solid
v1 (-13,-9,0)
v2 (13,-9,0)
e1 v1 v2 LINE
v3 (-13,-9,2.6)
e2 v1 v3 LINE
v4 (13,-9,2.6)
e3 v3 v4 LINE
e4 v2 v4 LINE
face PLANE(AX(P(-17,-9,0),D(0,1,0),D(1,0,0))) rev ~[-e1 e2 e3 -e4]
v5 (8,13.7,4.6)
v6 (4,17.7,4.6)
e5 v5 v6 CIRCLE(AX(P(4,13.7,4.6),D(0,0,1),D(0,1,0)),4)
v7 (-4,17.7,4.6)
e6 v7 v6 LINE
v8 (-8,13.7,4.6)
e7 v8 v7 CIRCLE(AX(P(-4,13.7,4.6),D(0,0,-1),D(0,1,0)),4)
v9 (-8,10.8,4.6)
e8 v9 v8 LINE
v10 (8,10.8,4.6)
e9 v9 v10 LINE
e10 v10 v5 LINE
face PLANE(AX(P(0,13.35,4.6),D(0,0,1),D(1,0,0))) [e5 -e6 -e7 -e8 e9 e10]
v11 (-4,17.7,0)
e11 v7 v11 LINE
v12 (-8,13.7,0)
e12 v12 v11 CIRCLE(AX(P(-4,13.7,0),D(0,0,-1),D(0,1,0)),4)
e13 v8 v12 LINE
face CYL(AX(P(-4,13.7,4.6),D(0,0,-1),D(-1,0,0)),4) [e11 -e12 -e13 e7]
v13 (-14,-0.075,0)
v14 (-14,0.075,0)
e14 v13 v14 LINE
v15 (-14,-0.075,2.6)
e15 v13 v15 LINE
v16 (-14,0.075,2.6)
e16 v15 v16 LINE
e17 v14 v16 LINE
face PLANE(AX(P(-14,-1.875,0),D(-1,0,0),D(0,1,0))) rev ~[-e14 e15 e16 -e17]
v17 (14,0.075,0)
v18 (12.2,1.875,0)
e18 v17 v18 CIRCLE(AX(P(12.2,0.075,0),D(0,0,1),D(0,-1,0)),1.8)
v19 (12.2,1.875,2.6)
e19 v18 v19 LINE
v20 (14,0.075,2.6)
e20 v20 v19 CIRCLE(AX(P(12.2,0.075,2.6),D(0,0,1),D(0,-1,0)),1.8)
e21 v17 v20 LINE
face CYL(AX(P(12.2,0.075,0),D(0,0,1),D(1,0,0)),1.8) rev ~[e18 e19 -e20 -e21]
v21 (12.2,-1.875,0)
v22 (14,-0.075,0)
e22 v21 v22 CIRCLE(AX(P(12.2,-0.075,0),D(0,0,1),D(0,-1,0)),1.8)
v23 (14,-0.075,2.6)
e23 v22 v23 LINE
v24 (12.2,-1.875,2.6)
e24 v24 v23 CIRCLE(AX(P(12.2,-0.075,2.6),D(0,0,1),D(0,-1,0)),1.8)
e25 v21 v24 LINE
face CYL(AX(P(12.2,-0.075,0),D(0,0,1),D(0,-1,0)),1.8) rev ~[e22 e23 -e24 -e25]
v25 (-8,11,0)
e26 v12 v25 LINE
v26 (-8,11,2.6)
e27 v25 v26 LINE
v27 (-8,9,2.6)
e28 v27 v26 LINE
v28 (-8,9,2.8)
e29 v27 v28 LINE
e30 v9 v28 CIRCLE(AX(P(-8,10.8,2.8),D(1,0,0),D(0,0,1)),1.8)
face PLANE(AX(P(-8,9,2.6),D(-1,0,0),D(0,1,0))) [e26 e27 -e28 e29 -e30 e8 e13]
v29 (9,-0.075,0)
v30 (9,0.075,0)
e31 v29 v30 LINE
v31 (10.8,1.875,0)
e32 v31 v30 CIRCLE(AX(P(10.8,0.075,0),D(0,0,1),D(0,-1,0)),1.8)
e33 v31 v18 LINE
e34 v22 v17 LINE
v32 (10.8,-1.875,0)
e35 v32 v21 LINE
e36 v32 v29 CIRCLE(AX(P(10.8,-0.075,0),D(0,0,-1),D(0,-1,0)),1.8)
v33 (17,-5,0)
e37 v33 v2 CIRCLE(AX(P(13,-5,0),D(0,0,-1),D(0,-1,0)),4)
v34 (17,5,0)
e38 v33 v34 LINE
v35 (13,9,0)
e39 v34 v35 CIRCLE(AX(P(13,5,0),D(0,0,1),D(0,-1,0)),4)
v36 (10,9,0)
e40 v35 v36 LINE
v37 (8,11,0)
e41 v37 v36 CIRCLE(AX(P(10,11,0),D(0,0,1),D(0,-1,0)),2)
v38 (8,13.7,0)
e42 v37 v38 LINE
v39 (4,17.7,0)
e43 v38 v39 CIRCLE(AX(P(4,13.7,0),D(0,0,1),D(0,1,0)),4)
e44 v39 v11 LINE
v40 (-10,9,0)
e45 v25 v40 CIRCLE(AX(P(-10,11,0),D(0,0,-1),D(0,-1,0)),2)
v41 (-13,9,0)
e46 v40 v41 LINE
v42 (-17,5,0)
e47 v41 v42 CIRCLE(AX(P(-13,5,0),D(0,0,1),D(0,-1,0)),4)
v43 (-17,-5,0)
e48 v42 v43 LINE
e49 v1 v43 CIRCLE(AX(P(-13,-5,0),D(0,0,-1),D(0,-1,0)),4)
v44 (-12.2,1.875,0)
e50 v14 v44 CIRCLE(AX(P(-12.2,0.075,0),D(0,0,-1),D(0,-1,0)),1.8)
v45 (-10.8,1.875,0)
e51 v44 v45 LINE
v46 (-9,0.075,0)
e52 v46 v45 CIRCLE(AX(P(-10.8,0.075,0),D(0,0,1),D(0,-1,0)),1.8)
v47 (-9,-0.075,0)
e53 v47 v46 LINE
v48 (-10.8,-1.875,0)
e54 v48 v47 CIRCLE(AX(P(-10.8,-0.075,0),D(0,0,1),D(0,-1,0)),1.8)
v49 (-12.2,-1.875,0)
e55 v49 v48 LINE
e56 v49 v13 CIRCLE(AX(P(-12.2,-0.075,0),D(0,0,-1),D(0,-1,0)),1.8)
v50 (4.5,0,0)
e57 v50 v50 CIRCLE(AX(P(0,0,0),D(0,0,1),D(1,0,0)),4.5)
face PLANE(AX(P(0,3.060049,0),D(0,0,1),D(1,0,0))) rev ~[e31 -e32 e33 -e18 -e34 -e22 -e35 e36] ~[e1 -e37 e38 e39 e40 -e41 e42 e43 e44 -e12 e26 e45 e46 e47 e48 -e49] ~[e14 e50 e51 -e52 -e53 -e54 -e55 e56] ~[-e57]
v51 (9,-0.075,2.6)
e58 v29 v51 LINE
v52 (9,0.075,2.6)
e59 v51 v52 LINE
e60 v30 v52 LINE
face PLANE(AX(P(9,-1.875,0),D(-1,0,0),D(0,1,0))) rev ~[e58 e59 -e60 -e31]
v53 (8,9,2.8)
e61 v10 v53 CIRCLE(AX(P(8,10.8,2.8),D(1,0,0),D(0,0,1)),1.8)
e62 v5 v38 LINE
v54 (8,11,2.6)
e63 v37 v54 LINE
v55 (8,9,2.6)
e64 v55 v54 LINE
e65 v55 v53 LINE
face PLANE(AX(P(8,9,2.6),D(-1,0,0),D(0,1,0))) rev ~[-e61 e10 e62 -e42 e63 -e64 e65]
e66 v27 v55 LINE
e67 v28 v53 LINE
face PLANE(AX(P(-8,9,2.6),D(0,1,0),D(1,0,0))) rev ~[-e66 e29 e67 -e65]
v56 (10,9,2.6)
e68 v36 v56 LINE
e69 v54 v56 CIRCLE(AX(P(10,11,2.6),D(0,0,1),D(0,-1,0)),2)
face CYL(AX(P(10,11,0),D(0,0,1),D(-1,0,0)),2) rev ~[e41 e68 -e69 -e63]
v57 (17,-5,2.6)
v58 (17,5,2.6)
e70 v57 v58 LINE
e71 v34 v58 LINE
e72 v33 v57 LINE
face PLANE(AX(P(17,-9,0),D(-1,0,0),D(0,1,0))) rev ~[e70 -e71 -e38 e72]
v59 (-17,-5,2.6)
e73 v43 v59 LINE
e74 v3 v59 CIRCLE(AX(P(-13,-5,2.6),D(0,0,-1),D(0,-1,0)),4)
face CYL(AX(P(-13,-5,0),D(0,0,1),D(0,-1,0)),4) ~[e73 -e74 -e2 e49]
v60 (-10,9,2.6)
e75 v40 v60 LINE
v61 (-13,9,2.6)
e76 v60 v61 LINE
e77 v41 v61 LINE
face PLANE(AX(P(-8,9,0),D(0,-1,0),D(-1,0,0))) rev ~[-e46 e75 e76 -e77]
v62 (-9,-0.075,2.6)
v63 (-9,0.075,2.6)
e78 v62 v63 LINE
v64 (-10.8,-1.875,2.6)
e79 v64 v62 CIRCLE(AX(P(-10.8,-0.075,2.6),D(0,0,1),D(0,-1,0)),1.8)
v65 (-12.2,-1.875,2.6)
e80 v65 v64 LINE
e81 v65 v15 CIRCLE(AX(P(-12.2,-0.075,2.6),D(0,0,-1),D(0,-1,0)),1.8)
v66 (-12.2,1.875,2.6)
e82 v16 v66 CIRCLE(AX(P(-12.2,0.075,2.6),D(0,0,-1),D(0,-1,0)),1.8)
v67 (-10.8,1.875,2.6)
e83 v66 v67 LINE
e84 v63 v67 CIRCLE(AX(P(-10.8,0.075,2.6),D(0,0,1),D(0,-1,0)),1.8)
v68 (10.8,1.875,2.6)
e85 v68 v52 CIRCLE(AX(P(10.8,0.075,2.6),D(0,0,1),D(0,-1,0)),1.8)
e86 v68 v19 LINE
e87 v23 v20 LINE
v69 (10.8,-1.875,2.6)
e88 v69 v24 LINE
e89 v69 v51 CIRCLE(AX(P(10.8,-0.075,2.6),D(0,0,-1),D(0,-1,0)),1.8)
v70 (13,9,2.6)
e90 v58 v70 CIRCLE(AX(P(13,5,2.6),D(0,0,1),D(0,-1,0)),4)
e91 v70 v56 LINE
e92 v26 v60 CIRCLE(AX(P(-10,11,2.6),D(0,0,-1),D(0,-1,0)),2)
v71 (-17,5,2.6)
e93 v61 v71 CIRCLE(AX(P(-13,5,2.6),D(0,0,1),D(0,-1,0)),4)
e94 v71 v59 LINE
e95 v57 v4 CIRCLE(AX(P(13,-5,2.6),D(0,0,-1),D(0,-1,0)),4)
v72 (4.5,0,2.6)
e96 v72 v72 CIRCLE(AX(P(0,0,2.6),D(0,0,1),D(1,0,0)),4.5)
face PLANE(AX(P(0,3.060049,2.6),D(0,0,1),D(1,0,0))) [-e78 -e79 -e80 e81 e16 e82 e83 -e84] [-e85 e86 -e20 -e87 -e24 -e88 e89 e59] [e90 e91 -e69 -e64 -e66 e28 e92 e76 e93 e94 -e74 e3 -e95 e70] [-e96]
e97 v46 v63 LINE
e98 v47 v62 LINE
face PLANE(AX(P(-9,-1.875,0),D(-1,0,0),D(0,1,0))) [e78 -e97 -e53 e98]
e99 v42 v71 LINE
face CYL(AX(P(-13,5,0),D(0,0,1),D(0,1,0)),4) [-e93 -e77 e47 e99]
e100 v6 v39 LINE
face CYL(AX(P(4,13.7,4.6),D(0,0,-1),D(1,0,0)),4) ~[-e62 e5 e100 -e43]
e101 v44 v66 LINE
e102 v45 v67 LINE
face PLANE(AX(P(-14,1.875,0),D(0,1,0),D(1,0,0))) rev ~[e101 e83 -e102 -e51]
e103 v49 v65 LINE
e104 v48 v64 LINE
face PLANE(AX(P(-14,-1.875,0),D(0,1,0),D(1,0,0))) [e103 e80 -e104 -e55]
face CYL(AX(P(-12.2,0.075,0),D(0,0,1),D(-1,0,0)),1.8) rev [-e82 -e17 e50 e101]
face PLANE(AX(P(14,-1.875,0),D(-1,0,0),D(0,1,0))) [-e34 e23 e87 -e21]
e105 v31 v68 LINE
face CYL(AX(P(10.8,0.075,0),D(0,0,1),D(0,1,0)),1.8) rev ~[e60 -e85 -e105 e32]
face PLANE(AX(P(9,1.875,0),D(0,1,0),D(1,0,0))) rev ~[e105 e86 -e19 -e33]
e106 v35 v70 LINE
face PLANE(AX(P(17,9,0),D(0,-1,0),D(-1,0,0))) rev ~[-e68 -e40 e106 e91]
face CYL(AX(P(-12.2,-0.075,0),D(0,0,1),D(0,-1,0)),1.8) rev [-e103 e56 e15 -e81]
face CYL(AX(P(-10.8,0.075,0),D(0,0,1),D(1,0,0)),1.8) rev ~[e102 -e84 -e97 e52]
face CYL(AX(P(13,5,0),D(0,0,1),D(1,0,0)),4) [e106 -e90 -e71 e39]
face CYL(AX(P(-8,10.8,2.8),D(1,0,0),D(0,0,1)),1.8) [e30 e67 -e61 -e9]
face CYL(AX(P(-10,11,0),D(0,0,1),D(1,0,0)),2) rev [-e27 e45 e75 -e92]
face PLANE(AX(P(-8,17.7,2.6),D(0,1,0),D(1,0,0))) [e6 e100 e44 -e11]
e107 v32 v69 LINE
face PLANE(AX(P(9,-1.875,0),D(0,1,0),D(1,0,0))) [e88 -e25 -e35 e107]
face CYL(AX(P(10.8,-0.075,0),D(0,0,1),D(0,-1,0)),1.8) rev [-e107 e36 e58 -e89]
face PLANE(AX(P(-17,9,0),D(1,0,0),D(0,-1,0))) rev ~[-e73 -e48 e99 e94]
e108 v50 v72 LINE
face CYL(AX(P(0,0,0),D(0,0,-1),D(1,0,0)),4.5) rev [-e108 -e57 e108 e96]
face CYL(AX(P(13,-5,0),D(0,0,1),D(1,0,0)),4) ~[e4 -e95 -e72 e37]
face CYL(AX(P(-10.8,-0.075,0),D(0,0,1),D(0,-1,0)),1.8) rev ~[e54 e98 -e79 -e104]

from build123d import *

# Parameters (mm, degrees)
F0_W     = 5
F0_H     = 3.75
F0_R     = 4.5
F1_DEPTH = 2.6
F2_W     = 16
F2_H     = 8.7
F3_DEPTH = 2
F4_R     = 4
F5_R     = 1.8
F6_R     = 2


with BuildPart() as f1:
    # F0 (on Top) → F1 (new body)
    with BuildSketch(Plane.XY):
        Polygon((17, -9), (17, 9), (8, 9), (8, 17.7), (-8, 17.7), (-8, 9), (-17, 9), (-17, -9), align=None)
        with Locations((-11.5, 0)):
            Rectangle(F0_W, F0_H, mode=Mode.SUBTRACT)
        Circle(F0_R, mode=Mode.SUBTRACT)
        with Locations((11.5, 0)):
            Rectangle(F0_W, F0_H, mode=Mode.SUBTRACT)
    extrude(amount=F1_DEPTH)

    # F2 (on face) → F3 (join)
    with BuildSketch(Plane.XY.offset(2.6)):
        with Locations((0, 13.35)):
            Rectangle(F2_W, F2_H)
    extrude(amount=F3_DEPTH)

    # F4
    f4_edges = [f1.edges().sort_by_distance(p)[0] for p in [
        (17, 9, 1.3),
        (17, -9, 1.3),
        (-17, 9, 1.3),
        (-17, -9, 1.3),
        (8, 17.7, 2.3),
        (-8, 17.7, 2.3),
    ]]
    fillet(f4_edges, radius=F4_R)

    # F5
    f5_edges = [f1.edges().sort_by_distance(p)[0] for p in [
        (0, 9, 4.6),
        (-14, 1.875, 1.3),
        (-14, -1.875, 1.3),
        (-9, 1.875, 1.3),
        (-9, -1.875, 1.3),
        (14, 1.875, 1.3),
        (9, 1.875, 1.3),
        (9, -1.875, 1.3),
        (14, -1.875, 1.3),
    ]]
    fillet(f5_edges, radius=F5_R)

    # F6
    f6_edges = [f1.edges().sort_by_distance(p)[0] for p in [
        (8, 9, 1.3),
        (-8, 9, 1.3),
    ]]
    fillet(f6_edges, radius=F6_R)


solid = f1.part
